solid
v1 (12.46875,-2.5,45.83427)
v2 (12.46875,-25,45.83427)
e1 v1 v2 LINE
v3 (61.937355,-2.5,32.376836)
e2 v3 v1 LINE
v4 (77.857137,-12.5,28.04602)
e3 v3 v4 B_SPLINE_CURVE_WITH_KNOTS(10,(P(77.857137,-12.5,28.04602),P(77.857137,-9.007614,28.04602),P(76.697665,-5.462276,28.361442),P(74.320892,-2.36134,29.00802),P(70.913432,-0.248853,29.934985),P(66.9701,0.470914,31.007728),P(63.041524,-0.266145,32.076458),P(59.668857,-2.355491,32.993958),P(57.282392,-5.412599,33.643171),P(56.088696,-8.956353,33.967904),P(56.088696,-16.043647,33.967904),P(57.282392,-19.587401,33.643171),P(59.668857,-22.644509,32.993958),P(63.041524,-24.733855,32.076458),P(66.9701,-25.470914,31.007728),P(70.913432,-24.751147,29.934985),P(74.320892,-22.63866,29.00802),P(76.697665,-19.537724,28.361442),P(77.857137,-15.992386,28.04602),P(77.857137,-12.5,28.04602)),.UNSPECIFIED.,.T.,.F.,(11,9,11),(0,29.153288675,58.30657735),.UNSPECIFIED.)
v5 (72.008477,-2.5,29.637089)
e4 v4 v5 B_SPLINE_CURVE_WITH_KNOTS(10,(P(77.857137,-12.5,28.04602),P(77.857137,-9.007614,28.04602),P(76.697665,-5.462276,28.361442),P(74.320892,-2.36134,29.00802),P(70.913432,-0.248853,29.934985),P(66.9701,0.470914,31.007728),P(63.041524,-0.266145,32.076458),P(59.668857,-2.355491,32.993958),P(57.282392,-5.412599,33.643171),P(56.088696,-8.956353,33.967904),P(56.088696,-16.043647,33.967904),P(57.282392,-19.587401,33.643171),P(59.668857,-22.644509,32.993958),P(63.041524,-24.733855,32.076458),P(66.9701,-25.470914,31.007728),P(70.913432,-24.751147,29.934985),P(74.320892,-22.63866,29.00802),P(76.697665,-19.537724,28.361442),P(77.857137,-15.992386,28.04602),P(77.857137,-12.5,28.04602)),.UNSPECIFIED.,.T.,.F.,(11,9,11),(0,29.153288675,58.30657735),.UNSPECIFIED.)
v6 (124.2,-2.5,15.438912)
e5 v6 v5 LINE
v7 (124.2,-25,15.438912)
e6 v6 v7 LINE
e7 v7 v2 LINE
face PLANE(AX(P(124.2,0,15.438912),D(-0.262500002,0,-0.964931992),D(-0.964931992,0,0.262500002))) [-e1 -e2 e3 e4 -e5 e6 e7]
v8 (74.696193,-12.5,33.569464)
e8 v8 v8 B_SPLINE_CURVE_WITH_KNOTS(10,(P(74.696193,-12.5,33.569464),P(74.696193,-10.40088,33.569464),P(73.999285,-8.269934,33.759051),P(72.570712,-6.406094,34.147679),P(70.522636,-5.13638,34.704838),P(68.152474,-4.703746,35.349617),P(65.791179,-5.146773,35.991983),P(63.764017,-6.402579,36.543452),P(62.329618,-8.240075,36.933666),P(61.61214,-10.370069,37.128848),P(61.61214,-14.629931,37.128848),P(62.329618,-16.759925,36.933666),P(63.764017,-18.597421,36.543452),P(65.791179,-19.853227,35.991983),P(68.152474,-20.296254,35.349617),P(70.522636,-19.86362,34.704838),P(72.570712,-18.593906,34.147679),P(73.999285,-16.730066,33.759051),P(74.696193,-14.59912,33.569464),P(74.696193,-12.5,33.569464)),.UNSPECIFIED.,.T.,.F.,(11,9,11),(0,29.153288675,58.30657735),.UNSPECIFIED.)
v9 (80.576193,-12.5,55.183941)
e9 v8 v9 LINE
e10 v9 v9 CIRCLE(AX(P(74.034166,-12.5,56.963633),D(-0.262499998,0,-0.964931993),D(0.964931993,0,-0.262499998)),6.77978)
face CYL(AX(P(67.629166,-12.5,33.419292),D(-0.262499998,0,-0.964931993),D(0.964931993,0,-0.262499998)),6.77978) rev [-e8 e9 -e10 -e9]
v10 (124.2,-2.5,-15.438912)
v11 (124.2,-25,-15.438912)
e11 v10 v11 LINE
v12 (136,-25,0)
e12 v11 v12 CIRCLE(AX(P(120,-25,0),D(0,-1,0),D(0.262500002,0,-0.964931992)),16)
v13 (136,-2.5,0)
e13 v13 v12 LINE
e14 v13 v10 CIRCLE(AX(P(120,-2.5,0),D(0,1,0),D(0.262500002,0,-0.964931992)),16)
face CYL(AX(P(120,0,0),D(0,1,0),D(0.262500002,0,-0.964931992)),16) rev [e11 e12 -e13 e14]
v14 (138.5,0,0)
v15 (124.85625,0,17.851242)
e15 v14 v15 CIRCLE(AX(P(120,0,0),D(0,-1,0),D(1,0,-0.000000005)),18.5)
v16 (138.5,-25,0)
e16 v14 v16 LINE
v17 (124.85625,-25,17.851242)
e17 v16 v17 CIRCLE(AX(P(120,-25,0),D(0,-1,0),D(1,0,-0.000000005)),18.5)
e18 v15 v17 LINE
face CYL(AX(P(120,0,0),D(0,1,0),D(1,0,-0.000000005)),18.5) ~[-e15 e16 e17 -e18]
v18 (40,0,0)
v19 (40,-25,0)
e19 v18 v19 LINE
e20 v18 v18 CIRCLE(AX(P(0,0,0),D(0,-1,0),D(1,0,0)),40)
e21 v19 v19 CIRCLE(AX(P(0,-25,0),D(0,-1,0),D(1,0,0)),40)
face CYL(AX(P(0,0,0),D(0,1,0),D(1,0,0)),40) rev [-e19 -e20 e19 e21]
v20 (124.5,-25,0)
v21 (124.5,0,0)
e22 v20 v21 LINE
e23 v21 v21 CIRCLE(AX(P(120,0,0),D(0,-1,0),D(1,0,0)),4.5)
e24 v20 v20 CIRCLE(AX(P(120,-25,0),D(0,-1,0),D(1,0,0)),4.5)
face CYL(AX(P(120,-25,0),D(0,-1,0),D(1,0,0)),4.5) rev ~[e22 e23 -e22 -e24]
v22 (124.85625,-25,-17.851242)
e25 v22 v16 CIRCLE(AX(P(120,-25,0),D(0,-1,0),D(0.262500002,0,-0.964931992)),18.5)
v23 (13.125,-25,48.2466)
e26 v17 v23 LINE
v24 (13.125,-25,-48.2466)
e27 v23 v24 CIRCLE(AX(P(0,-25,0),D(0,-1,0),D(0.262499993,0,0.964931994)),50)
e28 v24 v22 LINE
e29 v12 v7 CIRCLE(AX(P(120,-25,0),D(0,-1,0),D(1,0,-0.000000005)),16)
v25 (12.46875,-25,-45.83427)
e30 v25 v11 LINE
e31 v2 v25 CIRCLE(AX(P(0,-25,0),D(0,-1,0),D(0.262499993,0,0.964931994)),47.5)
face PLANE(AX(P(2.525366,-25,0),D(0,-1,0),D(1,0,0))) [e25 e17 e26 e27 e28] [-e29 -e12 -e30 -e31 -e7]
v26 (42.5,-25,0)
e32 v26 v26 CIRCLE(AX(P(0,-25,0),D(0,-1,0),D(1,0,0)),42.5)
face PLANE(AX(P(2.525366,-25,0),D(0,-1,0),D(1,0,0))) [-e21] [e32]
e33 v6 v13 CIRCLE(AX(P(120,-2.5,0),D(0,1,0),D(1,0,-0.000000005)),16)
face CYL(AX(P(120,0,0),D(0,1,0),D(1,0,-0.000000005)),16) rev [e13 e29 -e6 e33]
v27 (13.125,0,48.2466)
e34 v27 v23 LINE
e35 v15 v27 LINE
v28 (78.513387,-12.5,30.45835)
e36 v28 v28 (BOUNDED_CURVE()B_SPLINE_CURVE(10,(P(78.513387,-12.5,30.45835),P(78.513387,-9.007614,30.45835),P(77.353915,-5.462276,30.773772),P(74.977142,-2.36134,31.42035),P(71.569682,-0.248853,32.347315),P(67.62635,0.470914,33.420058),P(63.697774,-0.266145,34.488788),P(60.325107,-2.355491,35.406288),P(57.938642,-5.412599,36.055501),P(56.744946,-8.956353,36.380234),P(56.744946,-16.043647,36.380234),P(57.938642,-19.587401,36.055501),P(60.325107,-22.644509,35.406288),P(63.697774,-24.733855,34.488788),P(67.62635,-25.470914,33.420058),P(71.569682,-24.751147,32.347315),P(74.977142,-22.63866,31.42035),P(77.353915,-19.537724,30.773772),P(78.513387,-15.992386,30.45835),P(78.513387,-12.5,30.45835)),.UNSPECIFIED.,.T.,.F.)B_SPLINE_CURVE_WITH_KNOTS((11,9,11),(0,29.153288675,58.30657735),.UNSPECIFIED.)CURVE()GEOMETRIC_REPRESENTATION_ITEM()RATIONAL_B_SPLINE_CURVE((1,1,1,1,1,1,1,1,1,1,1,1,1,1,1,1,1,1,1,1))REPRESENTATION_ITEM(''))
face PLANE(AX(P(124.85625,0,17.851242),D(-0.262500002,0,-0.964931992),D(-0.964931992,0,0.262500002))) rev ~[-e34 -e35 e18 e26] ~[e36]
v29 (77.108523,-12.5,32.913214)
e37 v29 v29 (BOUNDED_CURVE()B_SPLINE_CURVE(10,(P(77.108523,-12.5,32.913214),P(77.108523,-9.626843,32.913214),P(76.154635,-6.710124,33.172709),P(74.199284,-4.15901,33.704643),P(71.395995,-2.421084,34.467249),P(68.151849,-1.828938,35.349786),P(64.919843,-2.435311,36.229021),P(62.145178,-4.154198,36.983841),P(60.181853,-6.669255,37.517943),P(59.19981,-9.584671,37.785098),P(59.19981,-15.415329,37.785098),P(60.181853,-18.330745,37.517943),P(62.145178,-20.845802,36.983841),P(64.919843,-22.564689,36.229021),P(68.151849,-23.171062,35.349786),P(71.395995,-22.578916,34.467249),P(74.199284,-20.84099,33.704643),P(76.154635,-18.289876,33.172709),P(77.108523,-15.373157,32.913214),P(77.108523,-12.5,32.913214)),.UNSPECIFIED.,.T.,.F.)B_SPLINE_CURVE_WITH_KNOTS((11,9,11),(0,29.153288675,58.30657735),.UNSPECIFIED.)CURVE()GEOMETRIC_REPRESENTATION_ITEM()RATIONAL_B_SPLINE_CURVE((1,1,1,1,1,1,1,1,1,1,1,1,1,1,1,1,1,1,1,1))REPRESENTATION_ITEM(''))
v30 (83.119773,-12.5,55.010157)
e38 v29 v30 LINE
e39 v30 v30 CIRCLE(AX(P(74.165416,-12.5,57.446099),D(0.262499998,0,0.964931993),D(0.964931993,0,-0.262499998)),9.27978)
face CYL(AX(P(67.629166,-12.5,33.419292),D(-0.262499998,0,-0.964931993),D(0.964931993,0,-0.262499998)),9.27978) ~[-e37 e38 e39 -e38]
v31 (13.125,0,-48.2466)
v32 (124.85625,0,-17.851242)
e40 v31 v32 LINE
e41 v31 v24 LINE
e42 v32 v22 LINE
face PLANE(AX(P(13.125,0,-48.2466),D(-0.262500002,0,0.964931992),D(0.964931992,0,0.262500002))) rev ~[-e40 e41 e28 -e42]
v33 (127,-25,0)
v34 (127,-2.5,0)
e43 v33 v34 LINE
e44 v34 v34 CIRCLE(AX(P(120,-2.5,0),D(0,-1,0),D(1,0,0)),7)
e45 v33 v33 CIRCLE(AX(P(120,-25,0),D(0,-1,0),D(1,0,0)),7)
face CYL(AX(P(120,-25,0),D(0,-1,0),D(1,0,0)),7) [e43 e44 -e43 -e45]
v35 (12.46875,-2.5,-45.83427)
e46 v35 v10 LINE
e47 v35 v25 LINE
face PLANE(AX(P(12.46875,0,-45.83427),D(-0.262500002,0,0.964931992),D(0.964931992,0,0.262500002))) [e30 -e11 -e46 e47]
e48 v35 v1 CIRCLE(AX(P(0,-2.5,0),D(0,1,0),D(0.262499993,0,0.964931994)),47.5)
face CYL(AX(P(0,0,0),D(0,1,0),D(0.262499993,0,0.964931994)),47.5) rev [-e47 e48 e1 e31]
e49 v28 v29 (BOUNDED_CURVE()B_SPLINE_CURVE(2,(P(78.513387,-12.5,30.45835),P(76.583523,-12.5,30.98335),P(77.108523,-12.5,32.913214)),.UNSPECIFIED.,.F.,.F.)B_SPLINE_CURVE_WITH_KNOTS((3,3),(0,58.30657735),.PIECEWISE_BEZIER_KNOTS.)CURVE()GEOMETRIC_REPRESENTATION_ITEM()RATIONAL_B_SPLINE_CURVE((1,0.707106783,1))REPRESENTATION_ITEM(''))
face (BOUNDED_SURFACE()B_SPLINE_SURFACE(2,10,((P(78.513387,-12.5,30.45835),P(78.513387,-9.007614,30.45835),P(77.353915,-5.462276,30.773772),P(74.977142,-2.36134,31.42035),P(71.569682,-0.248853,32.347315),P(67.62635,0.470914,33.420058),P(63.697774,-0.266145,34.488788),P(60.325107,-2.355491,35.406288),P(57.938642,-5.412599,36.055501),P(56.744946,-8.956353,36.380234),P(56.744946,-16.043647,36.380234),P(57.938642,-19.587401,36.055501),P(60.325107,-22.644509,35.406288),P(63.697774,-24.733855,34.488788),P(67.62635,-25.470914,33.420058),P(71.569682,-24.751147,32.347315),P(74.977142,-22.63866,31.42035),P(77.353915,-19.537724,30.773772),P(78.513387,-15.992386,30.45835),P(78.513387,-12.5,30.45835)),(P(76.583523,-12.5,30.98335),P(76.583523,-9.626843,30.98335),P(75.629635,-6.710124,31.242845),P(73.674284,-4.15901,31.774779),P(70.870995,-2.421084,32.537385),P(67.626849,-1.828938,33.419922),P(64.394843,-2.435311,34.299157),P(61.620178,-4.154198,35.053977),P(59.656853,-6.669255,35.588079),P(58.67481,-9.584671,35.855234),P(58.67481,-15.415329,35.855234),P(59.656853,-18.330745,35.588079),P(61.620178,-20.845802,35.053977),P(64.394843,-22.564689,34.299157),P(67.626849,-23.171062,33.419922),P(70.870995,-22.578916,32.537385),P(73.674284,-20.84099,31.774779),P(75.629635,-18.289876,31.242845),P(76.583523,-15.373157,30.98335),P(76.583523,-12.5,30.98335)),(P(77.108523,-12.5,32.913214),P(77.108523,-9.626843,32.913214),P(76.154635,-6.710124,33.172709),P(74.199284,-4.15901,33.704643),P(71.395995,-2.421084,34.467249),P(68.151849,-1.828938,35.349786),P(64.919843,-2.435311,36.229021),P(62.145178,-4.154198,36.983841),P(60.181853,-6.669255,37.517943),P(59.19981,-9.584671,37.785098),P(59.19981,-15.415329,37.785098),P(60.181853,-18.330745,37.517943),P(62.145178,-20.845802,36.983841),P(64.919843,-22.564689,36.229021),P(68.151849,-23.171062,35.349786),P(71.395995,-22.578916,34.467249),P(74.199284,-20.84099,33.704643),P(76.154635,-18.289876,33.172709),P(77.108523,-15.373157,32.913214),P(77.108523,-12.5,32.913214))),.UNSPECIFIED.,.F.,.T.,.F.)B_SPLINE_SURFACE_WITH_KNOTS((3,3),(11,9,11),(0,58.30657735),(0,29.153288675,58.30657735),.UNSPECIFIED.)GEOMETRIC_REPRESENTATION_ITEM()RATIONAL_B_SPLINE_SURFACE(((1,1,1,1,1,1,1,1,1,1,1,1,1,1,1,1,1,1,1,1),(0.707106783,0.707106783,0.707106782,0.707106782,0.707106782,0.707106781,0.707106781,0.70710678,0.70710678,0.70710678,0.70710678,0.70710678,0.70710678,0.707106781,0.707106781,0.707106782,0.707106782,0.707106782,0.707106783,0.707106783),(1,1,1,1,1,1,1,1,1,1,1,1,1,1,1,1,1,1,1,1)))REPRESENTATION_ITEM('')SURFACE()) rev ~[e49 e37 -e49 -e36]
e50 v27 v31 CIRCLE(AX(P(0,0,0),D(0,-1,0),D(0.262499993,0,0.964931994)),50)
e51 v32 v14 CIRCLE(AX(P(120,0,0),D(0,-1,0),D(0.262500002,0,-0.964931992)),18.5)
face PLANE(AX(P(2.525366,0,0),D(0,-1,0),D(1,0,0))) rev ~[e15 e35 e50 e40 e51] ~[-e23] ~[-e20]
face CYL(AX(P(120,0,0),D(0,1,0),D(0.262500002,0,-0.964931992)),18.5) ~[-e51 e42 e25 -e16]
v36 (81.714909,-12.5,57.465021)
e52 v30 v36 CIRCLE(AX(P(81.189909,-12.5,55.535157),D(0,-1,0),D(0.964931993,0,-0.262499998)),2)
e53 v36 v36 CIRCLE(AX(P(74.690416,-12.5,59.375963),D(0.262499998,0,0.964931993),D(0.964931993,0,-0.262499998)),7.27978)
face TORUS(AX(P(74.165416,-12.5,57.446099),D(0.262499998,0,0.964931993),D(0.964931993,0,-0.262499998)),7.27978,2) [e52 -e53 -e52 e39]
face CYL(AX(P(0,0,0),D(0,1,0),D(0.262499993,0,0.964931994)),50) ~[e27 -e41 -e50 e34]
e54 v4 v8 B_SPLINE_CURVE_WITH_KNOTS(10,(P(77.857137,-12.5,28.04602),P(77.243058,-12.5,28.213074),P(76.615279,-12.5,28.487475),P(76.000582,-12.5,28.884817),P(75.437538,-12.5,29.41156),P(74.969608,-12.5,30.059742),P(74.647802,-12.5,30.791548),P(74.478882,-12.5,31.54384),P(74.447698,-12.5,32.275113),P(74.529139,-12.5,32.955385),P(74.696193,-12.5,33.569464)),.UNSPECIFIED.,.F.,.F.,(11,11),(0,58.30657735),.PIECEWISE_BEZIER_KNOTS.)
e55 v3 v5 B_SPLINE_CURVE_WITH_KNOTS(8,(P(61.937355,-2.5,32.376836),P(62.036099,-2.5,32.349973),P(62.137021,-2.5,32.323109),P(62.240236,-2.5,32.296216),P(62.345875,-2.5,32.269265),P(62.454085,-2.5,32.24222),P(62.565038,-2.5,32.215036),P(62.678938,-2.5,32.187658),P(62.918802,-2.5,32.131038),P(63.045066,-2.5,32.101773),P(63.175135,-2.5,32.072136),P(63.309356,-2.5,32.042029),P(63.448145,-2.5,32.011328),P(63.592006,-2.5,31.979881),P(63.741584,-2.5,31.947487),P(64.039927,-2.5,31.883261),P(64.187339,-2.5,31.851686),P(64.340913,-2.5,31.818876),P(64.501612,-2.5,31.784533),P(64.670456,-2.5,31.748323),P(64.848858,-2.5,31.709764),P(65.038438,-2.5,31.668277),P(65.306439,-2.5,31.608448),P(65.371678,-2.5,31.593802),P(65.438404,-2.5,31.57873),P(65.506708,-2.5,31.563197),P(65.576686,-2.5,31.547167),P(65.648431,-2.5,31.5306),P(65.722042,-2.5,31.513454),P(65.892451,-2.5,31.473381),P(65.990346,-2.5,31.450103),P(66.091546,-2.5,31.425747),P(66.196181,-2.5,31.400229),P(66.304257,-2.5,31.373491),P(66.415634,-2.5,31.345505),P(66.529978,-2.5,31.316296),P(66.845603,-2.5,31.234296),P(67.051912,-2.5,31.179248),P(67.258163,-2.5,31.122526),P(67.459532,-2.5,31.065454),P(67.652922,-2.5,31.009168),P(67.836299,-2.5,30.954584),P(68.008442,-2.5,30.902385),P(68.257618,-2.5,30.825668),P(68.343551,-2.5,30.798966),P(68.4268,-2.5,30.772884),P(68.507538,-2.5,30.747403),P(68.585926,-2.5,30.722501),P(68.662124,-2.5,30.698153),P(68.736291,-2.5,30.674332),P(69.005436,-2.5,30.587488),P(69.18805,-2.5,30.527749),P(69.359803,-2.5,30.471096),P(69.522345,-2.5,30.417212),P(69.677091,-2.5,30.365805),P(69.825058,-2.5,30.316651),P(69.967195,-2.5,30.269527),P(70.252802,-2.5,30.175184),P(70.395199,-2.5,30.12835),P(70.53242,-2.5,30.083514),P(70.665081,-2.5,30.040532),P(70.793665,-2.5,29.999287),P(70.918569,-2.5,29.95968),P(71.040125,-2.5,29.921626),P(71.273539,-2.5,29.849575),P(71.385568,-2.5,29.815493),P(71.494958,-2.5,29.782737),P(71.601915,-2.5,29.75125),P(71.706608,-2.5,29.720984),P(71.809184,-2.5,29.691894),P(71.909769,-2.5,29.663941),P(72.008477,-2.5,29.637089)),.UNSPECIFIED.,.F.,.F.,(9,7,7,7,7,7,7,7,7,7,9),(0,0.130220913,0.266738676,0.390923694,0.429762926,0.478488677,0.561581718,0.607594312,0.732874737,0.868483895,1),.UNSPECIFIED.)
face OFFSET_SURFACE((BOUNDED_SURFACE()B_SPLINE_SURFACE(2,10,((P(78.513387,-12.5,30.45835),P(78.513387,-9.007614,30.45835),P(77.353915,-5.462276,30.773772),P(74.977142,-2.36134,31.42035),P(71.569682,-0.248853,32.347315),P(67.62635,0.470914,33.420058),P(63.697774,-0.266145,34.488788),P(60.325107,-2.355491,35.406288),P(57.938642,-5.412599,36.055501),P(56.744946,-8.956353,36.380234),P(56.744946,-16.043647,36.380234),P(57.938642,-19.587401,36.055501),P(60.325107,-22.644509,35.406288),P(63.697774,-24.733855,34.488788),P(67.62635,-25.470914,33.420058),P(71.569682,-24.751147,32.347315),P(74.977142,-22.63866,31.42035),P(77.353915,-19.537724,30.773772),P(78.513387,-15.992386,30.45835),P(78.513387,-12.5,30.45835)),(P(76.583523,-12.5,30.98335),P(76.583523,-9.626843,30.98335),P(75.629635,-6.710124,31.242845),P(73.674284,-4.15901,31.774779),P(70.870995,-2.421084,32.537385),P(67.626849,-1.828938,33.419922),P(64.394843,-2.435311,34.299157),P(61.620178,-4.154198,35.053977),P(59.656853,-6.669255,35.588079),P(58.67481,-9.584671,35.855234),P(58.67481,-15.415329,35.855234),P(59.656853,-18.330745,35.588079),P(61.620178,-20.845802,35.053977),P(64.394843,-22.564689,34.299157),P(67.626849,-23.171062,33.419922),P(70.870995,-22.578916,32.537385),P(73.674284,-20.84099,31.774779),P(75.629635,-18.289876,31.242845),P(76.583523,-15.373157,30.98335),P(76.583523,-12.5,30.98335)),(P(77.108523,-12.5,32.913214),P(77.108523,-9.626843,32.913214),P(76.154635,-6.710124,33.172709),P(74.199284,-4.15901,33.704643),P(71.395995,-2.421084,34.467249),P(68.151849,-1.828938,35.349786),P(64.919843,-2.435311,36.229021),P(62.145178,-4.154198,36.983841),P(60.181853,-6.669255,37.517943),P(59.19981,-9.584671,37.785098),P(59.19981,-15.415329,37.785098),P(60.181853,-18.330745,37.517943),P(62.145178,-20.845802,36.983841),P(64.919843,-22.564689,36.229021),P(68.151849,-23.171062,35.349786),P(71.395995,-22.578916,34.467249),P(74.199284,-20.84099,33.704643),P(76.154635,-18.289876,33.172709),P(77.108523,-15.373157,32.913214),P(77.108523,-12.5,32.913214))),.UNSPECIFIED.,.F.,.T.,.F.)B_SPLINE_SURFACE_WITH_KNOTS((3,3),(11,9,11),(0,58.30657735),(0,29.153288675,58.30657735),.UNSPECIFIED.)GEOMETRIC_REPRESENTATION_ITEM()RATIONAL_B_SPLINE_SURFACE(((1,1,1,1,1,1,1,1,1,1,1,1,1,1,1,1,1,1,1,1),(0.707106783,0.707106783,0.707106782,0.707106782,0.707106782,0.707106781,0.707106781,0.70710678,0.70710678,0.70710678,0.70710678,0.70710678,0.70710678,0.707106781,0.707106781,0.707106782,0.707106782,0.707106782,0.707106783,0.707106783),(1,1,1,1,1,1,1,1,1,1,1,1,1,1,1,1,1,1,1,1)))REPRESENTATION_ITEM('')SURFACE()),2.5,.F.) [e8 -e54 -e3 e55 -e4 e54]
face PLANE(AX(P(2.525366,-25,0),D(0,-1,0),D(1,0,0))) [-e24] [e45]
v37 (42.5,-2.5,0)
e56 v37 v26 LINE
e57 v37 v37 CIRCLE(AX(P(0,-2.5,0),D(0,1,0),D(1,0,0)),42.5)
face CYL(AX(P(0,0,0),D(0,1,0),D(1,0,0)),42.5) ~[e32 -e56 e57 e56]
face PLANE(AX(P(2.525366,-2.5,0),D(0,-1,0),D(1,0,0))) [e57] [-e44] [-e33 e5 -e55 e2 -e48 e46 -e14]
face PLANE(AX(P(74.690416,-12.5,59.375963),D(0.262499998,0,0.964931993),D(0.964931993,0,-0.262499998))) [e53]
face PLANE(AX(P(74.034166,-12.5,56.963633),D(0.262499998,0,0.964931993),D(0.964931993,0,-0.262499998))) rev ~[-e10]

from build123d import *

# Parameters (mm, degrees)
F0_R     = 40
F1_DEPTH = 25
F2_R     = 9.27978
F3_DEPTH = 26.9
F4_R     = 2
F5_R     = 4.5
F6_DEPTH = 25.001
F7_T     = -2.5


with BuildPart() as f1:
    # F0 (on Front) → F1 (new body)
    with BuildSketch(Plane.XZ):
        with BuildLine():
            ThreePointArc((13.125, -48.2466), (39.725621, -30.362395), (50, 0))
            ThreePointArc((50, 0), (39.725621, 30.362395), (13.125, 48.2466))
            ThreePointArc((13.125, 48.2466), (-50, 0), (13.125, -48.2466))
        make_face()
        Circle(F0_R, mode=Mode.SUBTRACT)
        with BuildLine():
            ThreePointArc((13.125, 48.2466), (39.725621, 30.362395), (50, 0))
            ThreePointArc((50, 0), (39.725621, -30.362395), (13.125, -48.2466))
            Line((13.125, -48.2466), (124.85625, -17.851242))
            ThreePointArc((124.85625, -17.851242), (101.5, 0), (124.85625, 17.851242))
            Line((124.85625, 17.851242), (13.125, 48.2466))
        make_face()
        with BuildLine():
            ThreePointArc((138.5, 0), (134.69848, 11.234086), (124.85625, 17.851242))
            ThreePointArc((124.85625, 17.851242), (101.5, 0), (124.85625, -17.851242))
            ThreePointArc((124.85625, -17.851242), (134.69848, -11.234086), (138.5, 0))
        make_face()
    extrude(amount=F1_DEPTH)

    # F2 (on face) → F3 (join)
    with BuildSketch(Plane(origin=(13.125, 0, 48.2466), x_dir=(0.964932, 0, -0.2625), z_dir=(0.2625, 0, 0.964932))):
        with Locations((56.484982, -12.5)):
            Circle(F2_R)
    extrude(amount=F3_DEPTH)

    # F4
    f4_edges = [f1.edges().sort_by_distance(p)[0] for p in [
        (65.73606, -12.5, 61.811904),
        (58.67481, -12.5, 35.855234),
    ]]
    fillet(f4_edges, radius=F4_R)

    # F5 (on face) → F6 (cut, through all)
    with BuildSketch(Plane.XZ.offset(25)):
        with Locations((120, 0)):
            Circle(F5_R)
    extrude(amount=-F6_DEPTH, mode=Mode.SUBTRACT)

    # F7
    f7_openings = [f1.faces().sort_by_distance(p)[0] for p in [
        (52.131114, -25, 0),
    ]]
    offset(amount=F7_T, openings=f7_openings)


solid = f1.part
